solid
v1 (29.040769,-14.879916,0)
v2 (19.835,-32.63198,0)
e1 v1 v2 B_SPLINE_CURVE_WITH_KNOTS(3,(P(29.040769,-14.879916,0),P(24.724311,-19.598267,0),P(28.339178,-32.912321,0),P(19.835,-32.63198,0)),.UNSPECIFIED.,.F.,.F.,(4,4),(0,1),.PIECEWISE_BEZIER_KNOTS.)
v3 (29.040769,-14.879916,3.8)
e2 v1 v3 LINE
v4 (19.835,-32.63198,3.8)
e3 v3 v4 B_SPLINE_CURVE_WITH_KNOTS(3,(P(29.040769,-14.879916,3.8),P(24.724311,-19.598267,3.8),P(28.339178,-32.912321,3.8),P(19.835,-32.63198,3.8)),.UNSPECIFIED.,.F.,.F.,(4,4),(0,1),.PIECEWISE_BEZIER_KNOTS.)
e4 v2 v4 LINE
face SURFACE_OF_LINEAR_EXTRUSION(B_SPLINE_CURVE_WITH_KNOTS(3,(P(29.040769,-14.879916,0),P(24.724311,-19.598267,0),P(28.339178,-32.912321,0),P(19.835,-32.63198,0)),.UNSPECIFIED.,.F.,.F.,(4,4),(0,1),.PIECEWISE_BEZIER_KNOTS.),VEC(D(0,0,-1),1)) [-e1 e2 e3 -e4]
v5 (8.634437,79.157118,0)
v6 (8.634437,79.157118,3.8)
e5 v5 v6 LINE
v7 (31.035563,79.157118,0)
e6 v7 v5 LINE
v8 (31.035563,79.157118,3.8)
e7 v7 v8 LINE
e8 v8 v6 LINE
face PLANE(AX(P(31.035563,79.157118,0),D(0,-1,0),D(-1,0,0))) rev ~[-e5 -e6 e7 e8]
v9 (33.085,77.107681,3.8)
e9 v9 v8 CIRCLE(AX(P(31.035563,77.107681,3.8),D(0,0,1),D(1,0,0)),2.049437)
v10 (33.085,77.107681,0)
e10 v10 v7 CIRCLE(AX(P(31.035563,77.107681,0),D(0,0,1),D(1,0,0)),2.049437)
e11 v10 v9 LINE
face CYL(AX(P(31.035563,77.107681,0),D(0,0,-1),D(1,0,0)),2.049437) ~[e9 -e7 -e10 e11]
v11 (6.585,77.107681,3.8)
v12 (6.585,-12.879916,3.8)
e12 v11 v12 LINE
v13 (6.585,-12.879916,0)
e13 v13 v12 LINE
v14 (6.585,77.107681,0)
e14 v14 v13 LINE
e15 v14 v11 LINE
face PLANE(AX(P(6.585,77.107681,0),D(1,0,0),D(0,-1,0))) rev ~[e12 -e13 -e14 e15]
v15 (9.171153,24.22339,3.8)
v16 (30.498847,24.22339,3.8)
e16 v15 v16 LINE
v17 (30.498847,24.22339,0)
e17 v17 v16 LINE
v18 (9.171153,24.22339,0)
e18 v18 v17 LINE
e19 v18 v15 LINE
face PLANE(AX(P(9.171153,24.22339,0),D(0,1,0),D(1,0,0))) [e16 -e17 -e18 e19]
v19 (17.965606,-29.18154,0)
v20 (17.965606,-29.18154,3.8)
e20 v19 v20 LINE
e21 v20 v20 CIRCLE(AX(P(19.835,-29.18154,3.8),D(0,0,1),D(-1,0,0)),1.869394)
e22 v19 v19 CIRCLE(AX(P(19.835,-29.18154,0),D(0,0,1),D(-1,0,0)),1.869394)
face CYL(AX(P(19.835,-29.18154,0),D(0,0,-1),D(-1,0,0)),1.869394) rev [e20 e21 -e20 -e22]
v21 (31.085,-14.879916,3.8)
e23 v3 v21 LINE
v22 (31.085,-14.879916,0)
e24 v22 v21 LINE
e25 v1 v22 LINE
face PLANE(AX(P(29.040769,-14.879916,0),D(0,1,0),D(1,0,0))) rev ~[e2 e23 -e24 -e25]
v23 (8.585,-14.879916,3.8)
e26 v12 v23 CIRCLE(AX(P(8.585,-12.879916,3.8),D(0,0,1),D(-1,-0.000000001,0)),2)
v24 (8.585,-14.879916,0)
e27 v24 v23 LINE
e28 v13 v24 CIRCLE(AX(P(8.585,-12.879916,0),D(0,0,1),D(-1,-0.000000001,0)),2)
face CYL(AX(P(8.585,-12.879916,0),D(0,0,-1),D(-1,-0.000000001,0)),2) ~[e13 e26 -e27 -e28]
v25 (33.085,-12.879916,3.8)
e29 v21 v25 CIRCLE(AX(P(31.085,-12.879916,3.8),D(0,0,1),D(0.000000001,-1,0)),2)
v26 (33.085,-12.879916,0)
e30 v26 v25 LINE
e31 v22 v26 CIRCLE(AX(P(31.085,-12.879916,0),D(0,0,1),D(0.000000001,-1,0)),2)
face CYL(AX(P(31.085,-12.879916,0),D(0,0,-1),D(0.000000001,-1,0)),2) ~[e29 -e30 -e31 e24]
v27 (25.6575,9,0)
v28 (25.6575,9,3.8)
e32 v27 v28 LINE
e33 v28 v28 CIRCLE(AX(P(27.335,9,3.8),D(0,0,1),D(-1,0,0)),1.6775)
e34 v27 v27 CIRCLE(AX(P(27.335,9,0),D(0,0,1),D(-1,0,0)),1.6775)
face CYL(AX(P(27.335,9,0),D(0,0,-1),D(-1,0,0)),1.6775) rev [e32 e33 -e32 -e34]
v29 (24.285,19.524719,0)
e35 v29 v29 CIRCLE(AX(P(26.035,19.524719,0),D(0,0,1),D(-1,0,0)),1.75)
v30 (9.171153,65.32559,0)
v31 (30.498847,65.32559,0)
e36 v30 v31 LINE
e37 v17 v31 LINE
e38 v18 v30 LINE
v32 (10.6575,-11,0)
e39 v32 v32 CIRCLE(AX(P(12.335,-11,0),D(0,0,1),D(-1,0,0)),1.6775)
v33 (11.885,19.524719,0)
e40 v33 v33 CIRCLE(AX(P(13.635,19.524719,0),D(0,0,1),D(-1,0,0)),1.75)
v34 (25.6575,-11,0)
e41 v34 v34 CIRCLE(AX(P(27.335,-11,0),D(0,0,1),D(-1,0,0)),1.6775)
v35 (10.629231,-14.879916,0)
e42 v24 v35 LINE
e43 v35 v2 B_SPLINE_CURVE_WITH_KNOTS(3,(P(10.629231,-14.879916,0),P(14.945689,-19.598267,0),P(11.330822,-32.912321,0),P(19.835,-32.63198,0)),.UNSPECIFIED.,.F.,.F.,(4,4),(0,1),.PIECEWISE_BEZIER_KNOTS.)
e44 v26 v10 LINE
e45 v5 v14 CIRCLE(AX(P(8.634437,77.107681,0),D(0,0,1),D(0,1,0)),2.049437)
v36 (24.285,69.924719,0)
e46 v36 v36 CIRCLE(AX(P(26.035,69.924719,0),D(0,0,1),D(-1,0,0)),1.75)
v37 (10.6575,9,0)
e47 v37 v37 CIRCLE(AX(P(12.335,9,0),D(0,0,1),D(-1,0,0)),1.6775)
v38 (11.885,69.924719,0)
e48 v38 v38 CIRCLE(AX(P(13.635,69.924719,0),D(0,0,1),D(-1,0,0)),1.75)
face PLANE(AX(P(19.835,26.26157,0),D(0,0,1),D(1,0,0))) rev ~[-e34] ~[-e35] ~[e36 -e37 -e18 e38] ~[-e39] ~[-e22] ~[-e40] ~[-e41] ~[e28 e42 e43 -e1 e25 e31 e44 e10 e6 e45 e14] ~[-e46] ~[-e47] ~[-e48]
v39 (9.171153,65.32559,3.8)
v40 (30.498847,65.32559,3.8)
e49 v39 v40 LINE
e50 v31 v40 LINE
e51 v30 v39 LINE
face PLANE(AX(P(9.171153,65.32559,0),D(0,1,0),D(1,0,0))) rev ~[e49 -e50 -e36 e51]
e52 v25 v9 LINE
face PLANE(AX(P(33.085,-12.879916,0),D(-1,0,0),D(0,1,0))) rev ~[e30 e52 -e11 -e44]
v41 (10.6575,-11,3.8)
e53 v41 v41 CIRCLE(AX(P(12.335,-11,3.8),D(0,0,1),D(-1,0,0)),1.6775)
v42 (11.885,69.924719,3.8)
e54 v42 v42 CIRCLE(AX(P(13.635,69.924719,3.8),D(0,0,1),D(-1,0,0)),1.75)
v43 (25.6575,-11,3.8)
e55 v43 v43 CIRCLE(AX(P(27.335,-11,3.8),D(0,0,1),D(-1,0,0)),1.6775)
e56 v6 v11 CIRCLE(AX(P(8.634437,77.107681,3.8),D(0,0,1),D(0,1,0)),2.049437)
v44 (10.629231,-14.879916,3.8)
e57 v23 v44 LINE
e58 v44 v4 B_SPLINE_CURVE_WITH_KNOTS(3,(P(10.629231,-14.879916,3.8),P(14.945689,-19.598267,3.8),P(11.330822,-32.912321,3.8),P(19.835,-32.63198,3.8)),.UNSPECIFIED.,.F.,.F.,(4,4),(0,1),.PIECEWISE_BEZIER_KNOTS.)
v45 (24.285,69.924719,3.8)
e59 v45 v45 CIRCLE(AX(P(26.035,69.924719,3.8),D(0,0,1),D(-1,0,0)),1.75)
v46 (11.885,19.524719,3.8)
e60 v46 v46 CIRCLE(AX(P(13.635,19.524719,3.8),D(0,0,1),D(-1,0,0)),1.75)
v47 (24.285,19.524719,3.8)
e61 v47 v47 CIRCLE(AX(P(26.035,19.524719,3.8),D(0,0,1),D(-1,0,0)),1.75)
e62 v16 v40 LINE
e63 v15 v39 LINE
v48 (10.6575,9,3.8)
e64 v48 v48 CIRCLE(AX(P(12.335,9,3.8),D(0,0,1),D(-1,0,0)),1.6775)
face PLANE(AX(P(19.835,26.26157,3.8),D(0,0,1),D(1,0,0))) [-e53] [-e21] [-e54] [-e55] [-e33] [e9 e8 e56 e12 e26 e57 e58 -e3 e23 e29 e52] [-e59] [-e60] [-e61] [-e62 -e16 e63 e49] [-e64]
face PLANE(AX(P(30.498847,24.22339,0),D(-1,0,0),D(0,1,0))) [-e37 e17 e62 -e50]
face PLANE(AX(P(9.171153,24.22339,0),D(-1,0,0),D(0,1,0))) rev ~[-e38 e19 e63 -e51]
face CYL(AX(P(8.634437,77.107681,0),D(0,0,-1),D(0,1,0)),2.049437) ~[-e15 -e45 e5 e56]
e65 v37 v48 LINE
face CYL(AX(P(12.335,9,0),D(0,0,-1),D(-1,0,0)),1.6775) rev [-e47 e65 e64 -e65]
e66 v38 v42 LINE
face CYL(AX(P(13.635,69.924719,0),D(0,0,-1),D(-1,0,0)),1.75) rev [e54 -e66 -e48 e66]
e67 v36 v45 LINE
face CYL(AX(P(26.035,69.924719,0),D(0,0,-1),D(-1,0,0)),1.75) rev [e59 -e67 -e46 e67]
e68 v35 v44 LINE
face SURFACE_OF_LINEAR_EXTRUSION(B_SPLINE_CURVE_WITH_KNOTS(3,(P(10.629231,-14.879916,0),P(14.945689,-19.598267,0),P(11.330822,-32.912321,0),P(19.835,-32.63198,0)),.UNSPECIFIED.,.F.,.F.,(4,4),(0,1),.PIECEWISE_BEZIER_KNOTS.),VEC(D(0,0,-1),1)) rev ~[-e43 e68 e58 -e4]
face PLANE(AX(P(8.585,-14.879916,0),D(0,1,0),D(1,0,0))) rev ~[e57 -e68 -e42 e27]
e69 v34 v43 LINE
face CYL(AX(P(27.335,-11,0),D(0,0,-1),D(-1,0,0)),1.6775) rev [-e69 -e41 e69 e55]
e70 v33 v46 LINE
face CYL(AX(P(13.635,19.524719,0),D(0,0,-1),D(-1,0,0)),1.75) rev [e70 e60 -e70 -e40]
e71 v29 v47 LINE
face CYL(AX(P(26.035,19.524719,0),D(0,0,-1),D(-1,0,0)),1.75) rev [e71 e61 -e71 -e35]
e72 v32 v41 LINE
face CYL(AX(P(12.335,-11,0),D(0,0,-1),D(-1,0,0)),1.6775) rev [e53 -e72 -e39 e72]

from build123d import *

# Parameters (mm, degrees)
SKETCH1_R           = 1.869394483
SKETCH1_R_2         = 1.6775
SKETCH1_R_3         = 1.75
SKETCH1_W           = 21.327694626
SKETCH1_H           = 41.102200046
BOSS_EXTRUDE1_DEPTH = 3.8


with BuildPart() as part:
    # Sketch1 → Boss-Extrude1 (new body)
    with BuildSketch(Plane.XY):
        with BuildLine():
            Line((8.585, -14.879916086), (10.629231235, -14.879916086))
            add(Edge.make_bspline(
                [(10.629231235, -14.879916086), (14.945689429, -19.598266914), (11.330822281, -32.912320887), (19.835, -32.631980139)],
                knots=[0, 0, 0, 0, 1, 1, 1, 1], degree=3))
            add(Edge.make_bspline(
                [(29.040768765, -14.879916086), (24.724310571, -19.598266914), (28.339177719, -32.912320887), (19.835, -32.631980139)],
                knots=[0, 0, 0, 0, 1, 1, 1, 1], degree=3))
            Line((29.040768765, -14.879916086), (31.085, -14.879916086))
            ThreePointArc((31.085, -14.879916086), (32.499213562, -14.294129648), (33.085, -12.879916086))
            Line((33.085, -12.879916086), (33.085, 77.107681283))
            ThreePointArc((33.085, 77.107681283), (32.484733836, 78.556851998), (31.035563121, 79.157118162))
            Line((31.035563121, 79.157118162), (8.634436879, 79.157118162))
            ThreePointArc((8.634436879, 79.157118162), (7.185266164, 78.556851998), (6.585, 77.107681283))
            Line((6.585, 77.107681283), (6.585, -12.879916086))
            ThreePointArc((6.585, -12.879916086), (7.170786438, -14.294129648), (8.585, -14.879916086))
        make_face()
        with Locations(Location((19.835, -29.181539917, 0), (0, 0, 180))):
            Circle(SKETCH1_R, mode=Mode.SUBTRACT)
        with Locations(Location((12.335, 9, 0), (0, 0, 180))):
            Circle(SKETCH1_R_2, mode=Mode.SUBTRACT)
        with Locations(Location((12.335, -11, 0), (0, 0, 180))):
            Circle(SKETCH1_R_2, mode=Mode.SUBTRACT)
        with Locations(Location((27.335, 9, 0), (0, 0, 180))):
            Circle(SKETCH1_R_2, mode=Mode.SUBTRACT)
        with Locations(Location((27.335, -11, 0), (0, 0, 180))):
            Circle(SKETCH1_R_2, mode=Mode.SUBTRACT)
        with Locations(Location((26.035, 69.924718691, 0), (0, 0, 180))):
            Circle(SKETCH1_R_3, mode=Mode.SUBTRACT)
        with Locations(Location((13.635, 69.924718691, 0), (0, 0, 180))):
            Circle(SKETCH1_R_3, mode=Mode.SUBTRACT)
        with Locations(Location((13.635, 19.524718691, 0), (0, 0, 180))):
            Circle(SKETCH1_R_3, mode=Mode.SUBTRACT)
        with Locations(Location((26.035, 19.524718691, 0), (0, 0, 180))):
            Circle(SKETCH1_R_3, mode=Mode.SUBTRACT)
        with Locations((19.835, 44.774489529)):
            Rectangle(SKETCH1_W, SKETCH1_H, mode=Mode.SUBTRACT)
    extrude(amount=BOSS_EXTRUDE1_DEPTH)


solid = part.part
